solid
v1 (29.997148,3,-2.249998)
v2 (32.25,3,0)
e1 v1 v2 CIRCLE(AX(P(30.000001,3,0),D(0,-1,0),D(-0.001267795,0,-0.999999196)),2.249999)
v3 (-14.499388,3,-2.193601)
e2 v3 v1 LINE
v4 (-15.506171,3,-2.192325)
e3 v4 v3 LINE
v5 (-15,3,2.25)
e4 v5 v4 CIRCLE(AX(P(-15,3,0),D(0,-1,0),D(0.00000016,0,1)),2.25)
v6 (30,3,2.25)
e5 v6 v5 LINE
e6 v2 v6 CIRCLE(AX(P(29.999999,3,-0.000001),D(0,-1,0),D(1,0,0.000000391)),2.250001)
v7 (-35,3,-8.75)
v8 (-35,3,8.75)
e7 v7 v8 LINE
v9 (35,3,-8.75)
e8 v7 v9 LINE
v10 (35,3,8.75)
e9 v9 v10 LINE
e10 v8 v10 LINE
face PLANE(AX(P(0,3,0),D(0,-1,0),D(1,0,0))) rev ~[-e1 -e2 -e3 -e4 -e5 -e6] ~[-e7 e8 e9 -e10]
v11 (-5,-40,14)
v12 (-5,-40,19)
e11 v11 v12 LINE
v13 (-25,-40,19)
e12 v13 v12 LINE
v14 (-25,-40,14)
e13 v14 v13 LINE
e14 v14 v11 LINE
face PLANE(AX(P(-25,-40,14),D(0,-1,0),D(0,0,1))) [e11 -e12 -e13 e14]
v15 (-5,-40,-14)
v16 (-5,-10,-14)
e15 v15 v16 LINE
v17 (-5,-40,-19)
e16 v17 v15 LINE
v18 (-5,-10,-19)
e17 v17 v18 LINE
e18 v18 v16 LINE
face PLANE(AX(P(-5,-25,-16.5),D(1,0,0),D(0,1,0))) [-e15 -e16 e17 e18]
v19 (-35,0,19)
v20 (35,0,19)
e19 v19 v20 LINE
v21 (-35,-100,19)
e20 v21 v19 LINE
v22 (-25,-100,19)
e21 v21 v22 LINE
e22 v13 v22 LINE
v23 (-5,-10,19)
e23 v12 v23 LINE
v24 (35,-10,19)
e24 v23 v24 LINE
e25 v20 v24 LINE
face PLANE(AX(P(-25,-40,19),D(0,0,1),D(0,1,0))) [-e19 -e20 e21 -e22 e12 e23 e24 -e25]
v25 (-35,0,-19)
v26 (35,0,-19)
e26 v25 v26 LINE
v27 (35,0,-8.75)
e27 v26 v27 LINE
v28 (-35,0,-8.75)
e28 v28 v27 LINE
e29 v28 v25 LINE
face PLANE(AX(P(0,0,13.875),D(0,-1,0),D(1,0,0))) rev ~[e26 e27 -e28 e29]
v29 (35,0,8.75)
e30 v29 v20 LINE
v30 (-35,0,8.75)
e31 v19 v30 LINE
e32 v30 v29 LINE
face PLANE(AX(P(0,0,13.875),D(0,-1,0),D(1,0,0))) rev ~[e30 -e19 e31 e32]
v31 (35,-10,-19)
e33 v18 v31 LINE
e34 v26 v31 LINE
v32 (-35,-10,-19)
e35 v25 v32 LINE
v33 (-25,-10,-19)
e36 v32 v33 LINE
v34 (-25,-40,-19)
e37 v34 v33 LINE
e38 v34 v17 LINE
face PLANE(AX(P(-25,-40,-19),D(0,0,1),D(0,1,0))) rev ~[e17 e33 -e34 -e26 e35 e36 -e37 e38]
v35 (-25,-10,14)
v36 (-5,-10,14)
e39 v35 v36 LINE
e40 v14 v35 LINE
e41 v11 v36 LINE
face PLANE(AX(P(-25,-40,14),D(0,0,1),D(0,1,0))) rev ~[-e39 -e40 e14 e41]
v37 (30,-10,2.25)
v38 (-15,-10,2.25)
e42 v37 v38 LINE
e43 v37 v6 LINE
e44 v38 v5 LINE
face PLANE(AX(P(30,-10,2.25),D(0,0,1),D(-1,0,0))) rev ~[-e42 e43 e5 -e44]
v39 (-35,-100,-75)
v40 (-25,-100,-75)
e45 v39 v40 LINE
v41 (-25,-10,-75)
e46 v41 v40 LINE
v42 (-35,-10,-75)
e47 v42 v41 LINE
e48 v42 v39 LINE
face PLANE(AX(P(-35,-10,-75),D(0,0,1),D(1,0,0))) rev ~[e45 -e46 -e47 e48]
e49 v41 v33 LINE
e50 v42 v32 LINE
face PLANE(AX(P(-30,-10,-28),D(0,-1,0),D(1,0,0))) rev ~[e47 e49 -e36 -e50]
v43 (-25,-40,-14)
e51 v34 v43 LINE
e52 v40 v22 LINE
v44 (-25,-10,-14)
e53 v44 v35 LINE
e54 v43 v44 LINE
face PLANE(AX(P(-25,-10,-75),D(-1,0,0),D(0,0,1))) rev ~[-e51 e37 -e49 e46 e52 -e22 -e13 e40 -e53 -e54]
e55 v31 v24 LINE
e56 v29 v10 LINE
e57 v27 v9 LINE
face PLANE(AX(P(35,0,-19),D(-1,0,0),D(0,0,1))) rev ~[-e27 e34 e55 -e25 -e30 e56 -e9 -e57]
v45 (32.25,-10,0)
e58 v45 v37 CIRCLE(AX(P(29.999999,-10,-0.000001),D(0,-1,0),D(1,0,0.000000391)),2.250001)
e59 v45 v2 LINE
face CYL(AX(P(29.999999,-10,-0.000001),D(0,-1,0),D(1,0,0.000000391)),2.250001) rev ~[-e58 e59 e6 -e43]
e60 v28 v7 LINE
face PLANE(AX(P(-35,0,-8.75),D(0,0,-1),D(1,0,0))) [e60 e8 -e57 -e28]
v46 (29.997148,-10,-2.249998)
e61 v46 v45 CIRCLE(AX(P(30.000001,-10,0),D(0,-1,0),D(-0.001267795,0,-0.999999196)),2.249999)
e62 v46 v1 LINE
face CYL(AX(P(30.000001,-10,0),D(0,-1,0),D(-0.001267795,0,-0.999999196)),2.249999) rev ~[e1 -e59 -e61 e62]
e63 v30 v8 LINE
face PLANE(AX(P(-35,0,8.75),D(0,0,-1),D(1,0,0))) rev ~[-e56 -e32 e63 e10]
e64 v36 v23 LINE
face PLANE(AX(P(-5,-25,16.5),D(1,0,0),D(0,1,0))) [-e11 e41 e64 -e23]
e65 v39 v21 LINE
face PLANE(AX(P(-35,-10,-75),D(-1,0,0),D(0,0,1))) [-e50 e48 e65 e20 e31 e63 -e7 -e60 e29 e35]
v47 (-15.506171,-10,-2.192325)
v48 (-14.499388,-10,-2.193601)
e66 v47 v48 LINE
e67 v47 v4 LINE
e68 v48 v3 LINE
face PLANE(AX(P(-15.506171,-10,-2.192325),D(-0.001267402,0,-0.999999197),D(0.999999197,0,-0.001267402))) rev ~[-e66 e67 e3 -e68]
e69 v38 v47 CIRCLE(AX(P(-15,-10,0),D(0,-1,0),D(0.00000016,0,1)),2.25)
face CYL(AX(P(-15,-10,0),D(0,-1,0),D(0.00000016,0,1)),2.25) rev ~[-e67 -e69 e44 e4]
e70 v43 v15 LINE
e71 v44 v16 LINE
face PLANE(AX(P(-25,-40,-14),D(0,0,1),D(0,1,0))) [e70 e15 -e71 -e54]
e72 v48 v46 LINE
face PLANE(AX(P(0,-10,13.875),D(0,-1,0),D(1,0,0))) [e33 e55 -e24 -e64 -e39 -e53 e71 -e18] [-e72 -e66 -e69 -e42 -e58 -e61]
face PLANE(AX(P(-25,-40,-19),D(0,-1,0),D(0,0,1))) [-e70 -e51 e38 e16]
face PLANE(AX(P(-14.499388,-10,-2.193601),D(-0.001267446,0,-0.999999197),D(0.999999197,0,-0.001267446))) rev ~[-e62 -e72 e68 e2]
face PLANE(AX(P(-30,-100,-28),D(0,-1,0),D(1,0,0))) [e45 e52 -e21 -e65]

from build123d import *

# Parameters (mm, degrees)
F0_W     = 70
F0_H     = 10.25
F0_H_2   = 17.5
F1_DEPTH = 10
F2_DEPTH = 3
F4_DEPTH = 25
F5_W     = 10
F5_H     = 94
F6_DEPTH = 90
F7_W     = 30
F7_H     = 5
F8_DEPTH = 20


with BuildPart() as f1:
    # F0 (on Front) → F1 (new body)
    with BuildSketch(Plane.XZ):
        with Locations((0, 13.875)):
            Rectangle(F0_W, F0_H)
        Rectangle(F0_W, F0_H_2)
        with Locations((0, -13.875)):
            Rectangle(F0_W, F0_H)
    extrude(amount=F1_DEPTH)

    # F0 (on Front) → F2 (join)
    with BuildSketch(Plane.XZ):
        Rectangle(F0_W, F0_H_2)
    extrude(amount=-F2_DEPTH)

    # F3 (on face) → F4 (cut)
    with BuildSketch(Plane.XZ.offset(10)):
        with BuildLine():
            ThreePointArc((-12.75, 0), (-13.40901, 1.59099), (-15, 2.25))
            ThreePointArc((-15, 2.25), (-17.235535, 0.254723), (-15.506171, -2.192325))
            Line((-15.506171, -2.192325), (-14.499388, -2.193601))
            ThreePointArc((-14.499388, -2.193601), (-13.240898, -1.402876), (-12.75, 0))
        make_face()
        with BuildLine():
            ThreePointArc((29.997148, -2.249998), (27.75, 0.001426), (30, 2.25))
            Line((30, 2.25), (-15, 2.25))
            ThreePointArc((-15, 2.25), (-13.40901, 1.59099), (-12.75, 0))
            ThreePointArc((-12.75, 0), (-13.240898, -1.402876), (-14.499388, -2.193601))
            Line((-14.499388, -2.193601), (29.997148, -2.249998))
        make_face()
        with BuildLine():
            ThreePointArc((29.997148, -2.249998), (31.589982, -1.591998), (32.25, 0))
            ThreePointArc((32.25, 0), (31.59099, 1.59099), (30, 2.25))
            ThreePointArc((30, 2.25), (27.75, 0.001426), (29.997148, -2.249998))
        make_face()
    extrude(amount=-F4_DEPTH, mode=Mode.SUBTRACT)

    # F5 (on face) → F6 (join)
    with BuildSketch(Plane.XZ.offset(10)):
        with Locations((-30, -28)):
            Rectangle(F5_W, F5_H)
    extrude(amount=F6_DEPTH)

    # F7 (on face) → F8 (join)
    with BuildSketch(Plane.YZ.offset(-25)):
        with Locations((-25, 16.5)):
            Rectangle(F7_W, F7_H)
        with Locations((-25, -16.5)):
            Rectangle(F7_W, F7_H)
    extrude(amount=F8_DEPTH)


solid = f1.part
